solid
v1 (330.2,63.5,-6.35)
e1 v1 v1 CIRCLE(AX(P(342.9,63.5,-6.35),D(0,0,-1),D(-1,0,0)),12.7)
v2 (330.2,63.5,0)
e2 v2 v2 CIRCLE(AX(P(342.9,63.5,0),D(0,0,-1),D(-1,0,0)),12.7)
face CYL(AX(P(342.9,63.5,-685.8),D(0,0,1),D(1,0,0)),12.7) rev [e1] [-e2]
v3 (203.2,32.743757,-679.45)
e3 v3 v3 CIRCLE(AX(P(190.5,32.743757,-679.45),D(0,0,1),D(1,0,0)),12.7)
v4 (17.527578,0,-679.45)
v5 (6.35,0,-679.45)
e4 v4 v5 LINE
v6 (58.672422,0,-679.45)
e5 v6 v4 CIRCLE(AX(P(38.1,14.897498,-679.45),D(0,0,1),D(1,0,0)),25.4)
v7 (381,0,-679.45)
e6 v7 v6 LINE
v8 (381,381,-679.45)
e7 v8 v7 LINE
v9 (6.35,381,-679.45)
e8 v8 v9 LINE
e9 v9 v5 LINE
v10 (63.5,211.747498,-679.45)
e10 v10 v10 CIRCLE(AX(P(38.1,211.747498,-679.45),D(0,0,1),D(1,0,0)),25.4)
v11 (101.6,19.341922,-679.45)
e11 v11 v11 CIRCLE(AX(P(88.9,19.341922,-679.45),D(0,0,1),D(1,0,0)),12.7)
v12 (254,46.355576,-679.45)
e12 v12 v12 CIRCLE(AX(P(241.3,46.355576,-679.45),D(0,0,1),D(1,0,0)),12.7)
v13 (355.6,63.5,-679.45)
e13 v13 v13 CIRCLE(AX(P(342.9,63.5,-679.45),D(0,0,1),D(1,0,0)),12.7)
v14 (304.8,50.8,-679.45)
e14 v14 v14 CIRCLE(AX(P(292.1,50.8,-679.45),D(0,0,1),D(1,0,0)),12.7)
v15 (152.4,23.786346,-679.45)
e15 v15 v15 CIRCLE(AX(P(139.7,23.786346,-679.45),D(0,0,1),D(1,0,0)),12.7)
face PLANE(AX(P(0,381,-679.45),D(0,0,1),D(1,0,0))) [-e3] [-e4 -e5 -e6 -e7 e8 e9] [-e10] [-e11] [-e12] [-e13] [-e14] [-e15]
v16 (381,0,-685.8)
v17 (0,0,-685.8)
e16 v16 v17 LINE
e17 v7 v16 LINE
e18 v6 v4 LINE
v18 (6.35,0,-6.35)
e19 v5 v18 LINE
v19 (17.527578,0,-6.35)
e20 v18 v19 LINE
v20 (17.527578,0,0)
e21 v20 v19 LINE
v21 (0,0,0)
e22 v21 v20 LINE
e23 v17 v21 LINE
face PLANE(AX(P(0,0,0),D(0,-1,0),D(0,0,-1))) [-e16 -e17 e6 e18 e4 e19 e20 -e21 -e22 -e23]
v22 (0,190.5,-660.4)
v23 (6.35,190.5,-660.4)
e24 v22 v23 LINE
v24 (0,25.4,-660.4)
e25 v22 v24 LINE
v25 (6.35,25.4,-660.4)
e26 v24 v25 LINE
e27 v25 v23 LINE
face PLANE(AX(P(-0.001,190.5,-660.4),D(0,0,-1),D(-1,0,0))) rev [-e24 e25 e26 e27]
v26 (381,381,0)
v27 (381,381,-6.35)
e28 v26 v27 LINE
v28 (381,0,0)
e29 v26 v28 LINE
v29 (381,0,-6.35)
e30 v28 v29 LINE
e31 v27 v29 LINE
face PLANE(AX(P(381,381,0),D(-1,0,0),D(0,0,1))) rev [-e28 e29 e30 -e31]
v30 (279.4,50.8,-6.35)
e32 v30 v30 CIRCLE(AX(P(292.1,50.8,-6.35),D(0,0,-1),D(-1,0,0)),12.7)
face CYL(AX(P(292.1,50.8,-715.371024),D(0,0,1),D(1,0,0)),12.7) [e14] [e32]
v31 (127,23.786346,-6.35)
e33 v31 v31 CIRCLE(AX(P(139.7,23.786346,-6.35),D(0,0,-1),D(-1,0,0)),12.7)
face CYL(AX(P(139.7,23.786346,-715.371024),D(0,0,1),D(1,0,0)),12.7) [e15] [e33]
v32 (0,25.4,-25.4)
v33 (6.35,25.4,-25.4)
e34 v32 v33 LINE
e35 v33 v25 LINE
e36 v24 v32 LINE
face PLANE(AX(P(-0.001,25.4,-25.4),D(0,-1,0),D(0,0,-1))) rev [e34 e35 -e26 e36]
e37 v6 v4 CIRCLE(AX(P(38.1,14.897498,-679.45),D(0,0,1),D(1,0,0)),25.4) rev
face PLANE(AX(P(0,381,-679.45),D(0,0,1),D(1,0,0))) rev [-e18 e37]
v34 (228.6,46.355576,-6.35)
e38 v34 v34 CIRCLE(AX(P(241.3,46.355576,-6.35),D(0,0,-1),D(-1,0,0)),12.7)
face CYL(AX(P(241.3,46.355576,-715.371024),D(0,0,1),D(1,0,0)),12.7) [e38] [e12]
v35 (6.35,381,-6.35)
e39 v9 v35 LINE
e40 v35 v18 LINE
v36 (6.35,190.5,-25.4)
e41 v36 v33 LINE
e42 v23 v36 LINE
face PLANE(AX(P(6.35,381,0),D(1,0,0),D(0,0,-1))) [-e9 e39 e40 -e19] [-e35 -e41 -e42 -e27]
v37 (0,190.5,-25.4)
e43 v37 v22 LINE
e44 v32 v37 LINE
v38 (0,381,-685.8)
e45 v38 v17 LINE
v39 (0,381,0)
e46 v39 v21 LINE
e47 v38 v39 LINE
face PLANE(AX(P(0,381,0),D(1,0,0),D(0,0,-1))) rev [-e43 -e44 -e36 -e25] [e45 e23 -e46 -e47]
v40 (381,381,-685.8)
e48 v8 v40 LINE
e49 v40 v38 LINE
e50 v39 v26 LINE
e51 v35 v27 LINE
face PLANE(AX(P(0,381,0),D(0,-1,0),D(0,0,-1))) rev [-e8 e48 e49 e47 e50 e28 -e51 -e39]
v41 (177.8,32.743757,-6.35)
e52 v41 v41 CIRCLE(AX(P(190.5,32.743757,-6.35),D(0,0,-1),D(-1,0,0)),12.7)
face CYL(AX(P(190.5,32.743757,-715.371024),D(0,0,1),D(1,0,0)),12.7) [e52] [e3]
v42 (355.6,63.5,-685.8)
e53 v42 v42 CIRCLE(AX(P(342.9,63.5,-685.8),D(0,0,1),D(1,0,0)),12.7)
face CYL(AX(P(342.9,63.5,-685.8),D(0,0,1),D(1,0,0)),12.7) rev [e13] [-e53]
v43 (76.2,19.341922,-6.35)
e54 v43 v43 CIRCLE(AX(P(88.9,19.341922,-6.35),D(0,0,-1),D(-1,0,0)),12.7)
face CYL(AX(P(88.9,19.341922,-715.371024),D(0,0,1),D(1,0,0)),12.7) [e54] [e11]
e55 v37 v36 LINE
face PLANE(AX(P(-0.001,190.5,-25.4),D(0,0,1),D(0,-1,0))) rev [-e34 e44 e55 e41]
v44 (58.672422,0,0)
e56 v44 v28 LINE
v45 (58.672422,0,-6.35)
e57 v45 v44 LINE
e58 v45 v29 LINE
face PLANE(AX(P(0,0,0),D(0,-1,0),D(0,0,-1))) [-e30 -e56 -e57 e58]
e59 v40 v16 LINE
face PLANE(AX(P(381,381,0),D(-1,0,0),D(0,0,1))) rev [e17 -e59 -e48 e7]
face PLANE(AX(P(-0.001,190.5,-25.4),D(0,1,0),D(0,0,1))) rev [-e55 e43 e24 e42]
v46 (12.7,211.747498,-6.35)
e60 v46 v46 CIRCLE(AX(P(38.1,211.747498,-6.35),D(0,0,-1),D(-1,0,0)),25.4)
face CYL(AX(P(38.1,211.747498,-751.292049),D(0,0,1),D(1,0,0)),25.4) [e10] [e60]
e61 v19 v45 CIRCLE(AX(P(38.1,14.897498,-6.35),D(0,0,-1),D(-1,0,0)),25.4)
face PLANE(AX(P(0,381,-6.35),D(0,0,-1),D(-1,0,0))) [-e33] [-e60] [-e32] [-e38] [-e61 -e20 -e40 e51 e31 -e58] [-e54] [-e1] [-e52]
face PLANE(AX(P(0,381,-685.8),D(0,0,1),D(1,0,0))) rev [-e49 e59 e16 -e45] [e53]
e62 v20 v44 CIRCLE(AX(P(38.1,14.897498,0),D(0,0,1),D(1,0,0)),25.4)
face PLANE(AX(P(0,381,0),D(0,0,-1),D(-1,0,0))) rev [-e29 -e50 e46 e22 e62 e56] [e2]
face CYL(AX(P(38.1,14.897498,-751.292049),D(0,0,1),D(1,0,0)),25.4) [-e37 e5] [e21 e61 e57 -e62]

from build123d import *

# Parameters (mm, degrees)
SKETCH1_W               = 381
SKETCH1_H               = 685.8
BOSS_EXTRUDE1_DEPTH     = 381
SHELL1_T                = -6.35
SKETCH4_R               = 12.7
CUT_EXTRUDE1_DEPTH      = 1
CUT_EXTRUDE1_DEPTH_BACK = 686.8
SKETCH5_R               = 12.7
BOSS_EXTRUDE3_DEPTH     = 679.45
SKETCH6_R               = 25.4
BOSS_EXTRUDE4_DEPTH     = 679.45
CUT_EXTRUDE3_REACH      = 8.35
SKETCH7_W               = 635
SKETCH7_H               = 165.1


with BuildPart() as part:
    # Sketch1 → Boss-Extrude1 (new body)
    with BuildSketch(Plane(origin=(0, 0, 0), x_dir=(1, 0, 0), z_dir=(0, 1, 0))):
        with Locations((190.5, 342.9)):
            Rectangle(SKETCH1_W, SKETCH1_H)
    extrude(amount=BOSS_EXTRUDE1_DEPTH)

    # Shell1
    shell1_openings = [part.faces().sort_by_distance(p)[0] for p in [
        (190.5, 381, -342.9),
        (190.5, 0, -342.9),
        (381, 190.5, -342.9),
    ]]
    offset(amount=SHELL1_T, openings=shell1_openings, kind=Kind.INTERSECTION)

    # Sketch4 → Cut-Extrude1 (cut, two sides)
    with BuildSketch(Plane.XY) as cut_extrude1_sk:
        with Locations((342.9, 63.5)):
            Circle(SKETCH4_R)
    extrude(amount=CUT_EXTRUDE1_DEPTH, mode=Mode.SUBTRACT)
    extrude(cut_extrude1_sk.sketch, amount=-CUT_EXTRUDE1_DEPTH_BACK, mode=Mode.SUBTRACT)

    # Sketch5 → Boss-Extrude3 (add)
    with BuildSketch(Plane.XY):
        with Locations((292.1, 50.8)):
            Circle(SKETCH5_R)
        with Locations((190.5, 32.743756917)):
            Circle(SKETCH5_R)
        with Locations((88.9, 19.34192219)):
            Circle(SKETCH5_R)
        with Locations((241.3, 46.355575893)):
            Circle(SKETCH5_R)
        with Locations((139.7, 23.786346297)):
            Circle(SKETCH5_R)
    extrude(amount=-BOSS_EXTRUDE3_DEPTH)

    # Sketch6 → Boss-Extrude4 (add)
    with BuildSketch(Plane.XY):
        with Locations((38.1, 14.897498083)):
            Circle(SKETCH6_R)
        with Locations((38.1, 211.747498083)):
            Circle(SKETCH6_R)
    extrude(amount=-BOSS_EXTRUDE4_DEPTH)

    # Sketch7 → Cut-Extrude3 (cut, up to next)
    with BuildSketch(Plane(origin=(6.35, 0, 0), x_dir=(0, 0, -1), z_dir=(1, 0, 0)), mode=Mode.PRIVATE) as cut_extrude3_sk1:
        with Locations((342.9, 107.95)):
            Rectangle(SKETCH7_W, SKETCH7_H)
    cut_extrude3_tool1 = extrude(cut_extrude3_sk1.sketch, amount=-CUT_EXTRUDE3_REACH, mode=Mode.PRIVATE) & part.part
    add(cut_extrude3_tool1.solids().sort_by_distance((6.35, 107.95, -342.9))[0], mode=Mode.SUBTRACT)


solid = part.part
